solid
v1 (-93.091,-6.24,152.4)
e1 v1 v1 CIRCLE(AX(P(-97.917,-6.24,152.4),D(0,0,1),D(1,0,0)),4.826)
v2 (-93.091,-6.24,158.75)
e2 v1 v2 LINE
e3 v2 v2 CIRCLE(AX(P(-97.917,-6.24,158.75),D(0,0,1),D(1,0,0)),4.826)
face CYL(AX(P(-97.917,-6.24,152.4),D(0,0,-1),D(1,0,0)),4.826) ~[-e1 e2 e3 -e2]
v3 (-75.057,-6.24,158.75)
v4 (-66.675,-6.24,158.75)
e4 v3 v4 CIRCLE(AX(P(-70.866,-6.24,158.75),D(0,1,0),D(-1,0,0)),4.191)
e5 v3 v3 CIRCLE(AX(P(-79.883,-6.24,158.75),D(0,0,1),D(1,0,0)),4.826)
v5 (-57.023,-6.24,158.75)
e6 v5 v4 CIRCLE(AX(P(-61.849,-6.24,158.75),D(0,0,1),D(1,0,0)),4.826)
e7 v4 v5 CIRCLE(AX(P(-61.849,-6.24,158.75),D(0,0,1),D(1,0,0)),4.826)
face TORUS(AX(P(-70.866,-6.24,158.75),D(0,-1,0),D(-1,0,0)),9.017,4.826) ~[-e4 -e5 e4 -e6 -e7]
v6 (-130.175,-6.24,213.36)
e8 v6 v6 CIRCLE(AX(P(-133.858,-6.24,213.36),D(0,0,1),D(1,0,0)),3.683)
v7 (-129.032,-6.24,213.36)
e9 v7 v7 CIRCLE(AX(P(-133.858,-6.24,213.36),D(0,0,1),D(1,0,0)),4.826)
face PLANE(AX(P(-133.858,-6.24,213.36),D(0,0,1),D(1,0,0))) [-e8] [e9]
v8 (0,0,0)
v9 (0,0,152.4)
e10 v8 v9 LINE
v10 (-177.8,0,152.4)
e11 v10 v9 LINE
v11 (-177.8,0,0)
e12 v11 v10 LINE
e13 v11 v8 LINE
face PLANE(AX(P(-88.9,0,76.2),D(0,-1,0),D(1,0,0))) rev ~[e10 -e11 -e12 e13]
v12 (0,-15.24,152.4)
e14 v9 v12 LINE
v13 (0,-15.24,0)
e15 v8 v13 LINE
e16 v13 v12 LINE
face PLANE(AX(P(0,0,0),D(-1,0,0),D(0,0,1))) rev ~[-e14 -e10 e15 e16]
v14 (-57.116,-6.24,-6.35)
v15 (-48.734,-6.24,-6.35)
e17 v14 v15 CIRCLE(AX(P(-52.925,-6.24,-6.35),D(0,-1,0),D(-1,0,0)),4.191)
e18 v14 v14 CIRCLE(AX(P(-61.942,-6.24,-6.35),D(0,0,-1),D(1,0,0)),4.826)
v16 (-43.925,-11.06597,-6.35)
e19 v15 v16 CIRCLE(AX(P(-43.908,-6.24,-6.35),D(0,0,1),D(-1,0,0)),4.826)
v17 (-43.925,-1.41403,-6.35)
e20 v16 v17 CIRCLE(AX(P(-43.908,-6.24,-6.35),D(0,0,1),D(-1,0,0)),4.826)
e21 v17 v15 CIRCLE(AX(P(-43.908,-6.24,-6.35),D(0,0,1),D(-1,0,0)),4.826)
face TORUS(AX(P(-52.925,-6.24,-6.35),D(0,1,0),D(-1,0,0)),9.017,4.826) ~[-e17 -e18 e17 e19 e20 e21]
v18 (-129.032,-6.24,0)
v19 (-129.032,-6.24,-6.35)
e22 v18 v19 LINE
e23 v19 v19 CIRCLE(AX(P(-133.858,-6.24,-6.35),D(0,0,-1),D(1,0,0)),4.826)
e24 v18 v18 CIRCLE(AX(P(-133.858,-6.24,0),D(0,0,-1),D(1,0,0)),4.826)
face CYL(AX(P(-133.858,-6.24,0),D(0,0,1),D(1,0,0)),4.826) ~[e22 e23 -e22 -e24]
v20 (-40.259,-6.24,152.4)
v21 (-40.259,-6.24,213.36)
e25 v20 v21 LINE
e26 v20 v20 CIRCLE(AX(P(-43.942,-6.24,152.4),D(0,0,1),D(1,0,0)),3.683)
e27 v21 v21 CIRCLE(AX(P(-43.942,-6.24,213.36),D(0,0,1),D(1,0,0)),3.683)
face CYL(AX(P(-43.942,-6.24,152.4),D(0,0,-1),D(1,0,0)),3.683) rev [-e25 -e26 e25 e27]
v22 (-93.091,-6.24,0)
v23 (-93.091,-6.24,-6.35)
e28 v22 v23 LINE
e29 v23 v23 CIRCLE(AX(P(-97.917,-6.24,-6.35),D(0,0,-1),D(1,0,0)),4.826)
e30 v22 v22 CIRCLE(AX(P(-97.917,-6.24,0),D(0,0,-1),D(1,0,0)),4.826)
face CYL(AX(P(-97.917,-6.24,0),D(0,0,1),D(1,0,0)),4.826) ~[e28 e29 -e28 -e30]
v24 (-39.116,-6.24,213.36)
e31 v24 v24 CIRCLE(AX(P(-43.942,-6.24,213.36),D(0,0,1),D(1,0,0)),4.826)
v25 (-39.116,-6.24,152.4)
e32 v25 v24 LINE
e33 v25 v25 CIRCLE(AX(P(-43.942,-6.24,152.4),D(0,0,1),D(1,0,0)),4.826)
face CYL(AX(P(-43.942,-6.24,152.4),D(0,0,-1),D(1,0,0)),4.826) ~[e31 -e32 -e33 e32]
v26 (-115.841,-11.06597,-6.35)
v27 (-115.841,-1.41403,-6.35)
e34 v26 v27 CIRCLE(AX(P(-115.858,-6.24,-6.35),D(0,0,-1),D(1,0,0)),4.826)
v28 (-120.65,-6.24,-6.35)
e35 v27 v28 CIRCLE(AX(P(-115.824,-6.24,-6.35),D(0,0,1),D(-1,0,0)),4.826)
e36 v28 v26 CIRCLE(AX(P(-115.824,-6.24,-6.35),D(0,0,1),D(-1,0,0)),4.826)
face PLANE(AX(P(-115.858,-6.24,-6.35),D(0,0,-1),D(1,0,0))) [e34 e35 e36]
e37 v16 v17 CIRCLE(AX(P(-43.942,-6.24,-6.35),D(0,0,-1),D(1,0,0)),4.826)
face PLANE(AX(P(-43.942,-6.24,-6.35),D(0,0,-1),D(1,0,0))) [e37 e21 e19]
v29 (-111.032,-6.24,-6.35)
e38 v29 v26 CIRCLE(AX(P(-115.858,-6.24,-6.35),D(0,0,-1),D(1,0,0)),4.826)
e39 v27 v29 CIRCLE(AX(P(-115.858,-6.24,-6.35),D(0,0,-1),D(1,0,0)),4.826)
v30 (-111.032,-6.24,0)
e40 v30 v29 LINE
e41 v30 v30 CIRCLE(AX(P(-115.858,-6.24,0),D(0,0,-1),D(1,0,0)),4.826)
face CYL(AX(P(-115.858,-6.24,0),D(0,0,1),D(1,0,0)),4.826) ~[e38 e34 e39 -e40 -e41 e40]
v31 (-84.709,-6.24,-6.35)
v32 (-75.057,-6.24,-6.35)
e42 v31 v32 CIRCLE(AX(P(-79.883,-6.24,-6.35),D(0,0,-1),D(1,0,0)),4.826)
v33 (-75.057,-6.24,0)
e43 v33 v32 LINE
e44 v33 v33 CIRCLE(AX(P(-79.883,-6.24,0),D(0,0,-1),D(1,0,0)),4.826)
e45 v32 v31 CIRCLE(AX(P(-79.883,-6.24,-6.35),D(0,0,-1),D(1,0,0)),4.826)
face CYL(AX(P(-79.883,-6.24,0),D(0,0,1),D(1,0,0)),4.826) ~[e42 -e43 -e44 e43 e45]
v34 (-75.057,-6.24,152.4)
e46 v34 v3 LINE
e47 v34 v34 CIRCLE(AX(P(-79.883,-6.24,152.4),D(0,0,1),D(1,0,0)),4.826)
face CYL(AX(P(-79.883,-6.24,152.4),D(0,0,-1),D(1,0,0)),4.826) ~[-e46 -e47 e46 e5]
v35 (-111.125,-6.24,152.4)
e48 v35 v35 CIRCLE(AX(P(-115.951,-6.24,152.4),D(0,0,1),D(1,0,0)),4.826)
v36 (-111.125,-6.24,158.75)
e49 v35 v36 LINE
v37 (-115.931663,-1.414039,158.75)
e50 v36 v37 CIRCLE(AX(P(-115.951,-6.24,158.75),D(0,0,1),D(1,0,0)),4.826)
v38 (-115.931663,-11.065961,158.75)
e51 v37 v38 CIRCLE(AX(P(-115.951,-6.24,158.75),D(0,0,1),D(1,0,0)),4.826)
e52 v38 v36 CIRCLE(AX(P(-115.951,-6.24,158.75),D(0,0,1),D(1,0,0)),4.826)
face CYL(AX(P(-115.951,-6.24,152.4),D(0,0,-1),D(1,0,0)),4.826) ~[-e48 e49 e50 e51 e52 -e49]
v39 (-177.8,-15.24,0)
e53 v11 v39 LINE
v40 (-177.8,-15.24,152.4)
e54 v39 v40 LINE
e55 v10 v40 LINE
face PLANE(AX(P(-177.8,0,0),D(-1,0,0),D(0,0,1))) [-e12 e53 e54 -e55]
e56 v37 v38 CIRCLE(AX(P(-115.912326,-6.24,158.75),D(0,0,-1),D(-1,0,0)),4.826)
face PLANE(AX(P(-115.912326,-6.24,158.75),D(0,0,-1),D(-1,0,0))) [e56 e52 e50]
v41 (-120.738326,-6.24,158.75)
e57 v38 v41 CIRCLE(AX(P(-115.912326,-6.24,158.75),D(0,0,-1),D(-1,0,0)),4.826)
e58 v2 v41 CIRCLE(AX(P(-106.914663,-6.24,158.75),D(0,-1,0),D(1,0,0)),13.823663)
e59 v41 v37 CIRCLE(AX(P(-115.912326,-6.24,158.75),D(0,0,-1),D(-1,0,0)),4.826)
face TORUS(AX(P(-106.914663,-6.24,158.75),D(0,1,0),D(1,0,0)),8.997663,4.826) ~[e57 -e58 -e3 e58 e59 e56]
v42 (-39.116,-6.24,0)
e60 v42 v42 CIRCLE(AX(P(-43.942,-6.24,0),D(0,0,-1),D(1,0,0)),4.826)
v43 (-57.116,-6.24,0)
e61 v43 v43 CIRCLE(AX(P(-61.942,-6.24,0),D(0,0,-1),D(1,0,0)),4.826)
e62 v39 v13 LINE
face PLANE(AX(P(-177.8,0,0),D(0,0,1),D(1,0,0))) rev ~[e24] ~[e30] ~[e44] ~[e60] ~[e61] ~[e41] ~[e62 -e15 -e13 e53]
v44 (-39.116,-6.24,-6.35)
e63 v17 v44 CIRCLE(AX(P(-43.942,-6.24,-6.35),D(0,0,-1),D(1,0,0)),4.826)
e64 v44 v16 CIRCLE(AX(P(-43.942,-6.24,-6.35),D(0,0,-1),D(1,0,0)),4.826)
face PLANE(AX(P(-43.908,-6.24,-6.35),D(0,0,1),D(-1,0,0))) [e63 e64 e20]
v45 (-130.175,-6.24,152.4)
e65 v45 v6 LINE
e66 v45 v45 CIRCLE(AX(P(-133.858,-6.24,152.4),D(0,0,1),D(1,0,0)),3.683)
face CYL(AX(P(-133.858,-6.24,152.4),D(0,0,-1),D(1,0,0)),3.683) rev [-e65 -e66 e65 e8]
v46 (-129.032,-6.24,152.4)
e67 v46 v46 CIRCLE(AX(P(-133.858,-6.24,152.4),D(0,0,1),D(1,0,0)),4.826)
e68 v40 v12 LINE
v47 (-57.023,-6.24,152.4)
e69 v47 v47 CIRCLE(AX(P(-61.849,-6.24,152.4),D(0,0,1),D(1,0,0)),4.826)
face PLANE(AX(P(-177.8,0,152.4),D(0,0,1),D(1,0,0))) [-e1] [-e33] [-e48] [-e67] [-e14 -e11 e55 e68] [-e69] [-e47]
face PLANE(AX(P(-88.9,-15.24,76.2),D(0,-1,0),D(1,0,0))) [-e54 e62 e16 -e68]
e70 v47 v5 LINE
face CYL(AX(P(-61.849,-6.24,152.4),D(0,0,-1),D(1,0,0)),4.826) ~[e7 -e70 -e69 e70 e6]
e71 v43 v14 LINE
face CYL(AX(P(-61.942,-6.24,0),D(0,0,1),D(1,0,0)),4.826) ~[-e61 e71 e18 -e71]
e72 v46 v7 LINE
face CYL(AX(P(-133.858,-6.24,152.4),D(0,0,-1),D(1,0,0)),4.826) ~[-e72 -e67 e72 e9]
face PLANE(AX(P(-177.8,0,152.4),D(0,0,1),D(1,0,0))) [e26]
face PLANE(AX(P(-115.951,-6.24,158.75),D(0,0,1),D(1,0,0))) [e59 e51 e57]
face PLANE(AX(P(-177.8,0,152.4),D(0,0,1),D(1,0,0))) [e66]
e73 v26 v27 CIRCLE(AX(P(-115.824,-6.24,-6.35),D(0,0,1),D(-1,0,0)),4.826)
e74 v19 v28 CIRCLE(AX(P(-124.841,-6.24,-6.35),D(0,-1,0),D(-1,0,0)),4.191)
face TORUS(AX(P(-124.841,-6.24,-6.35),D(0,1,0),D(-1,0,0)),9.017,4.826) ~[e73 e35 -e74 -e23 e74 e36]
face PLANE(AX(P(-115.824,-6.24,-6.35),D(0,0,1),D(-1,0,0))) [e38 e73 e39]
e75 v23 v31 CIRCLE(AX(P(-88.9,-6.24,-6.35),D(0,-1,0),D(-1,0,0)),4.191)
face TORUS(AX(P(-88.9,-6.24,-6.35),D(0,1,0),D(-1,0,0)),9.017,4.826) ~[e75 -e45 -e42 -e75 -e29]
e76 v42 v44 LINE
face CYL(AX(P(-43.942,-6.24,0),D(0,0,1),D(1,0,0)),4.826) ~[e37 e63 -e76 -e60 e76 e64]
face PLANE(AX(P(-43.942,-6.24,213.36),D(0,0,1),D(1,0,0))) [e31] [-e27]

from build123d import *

# Parameters (mm, degrees)
F0_W      = 177.8
F0_H      = 152.4
F1_DEPTH  = 15.24
F2_R      = 4.826
F2_R_2    = 3.683
F3_DEPTH  = 60.96
F4_R      = 4.826
F5_DEPTH  = 6.35
F6_R      = 4.826
F8_ANGLE  = -180
F9_R      = 4.826
F10_ANGLE = 180
F7_R      = 4.826
F11_DEPTH = 6.35
F12_R     = 4.826
F13_ANGLE = 180
F14_R     = 4.826
F15_ANGLE = 180
F16_R     = 4.826
F17_ANGLE = 180


with BuildPart() as f1:
    # F0 (on Front) → F1 (new body)
    with BuildSketch(Plane.XZ):
        with Locations((-88.9, 76.2)):
            Rectangle(F0_W, F0_H)
    extrude(amount=F1_DEPTH)

    # F2 (on face) → F3 (join)
    with BuildSketch(Plane.XY.offset(152.4)):
        with Locations((-133.858, -6.24)):
            Circle(F2_R)
        with Locations((-133.858, -6.24)):
            Circle(F2_R_2, mode=Mode.SUBTRACT)
        with Locations((-43.942, -6.24)):
            Circle(F2_R)
        with Locations((-43.942, -6.24)):
            Circle(F2_R_2, mode=Mode.SUBTRACT)
    extrude(amount=F3_DEPTH)

    # F4 (on face) → F5 (join)
    with BuildSketch(Plane.XY.offset(152.4)):
        with Locations((-97.917, -6.24)):
            Circle(F4_R)
        with Locations((-79.883, -6.24)):
            Circle(F4_R)
        with Locations((-115.951, -6.24)):
            Circle(F4_R)
        with Locations((-61.849, -6.24)):
            Circle(F4_R)
    extrude(amount=F5_DEPTH)

    # F6 (on face) → F8 (revolve)
    with BuildSketch(Plane.XY.offset(158.75)):
        with Locations((-79.883, -6.24)):
            Circle(F6_R)
    revolve(axis=Axis((-70.866, -11.775763, 158.75), (0, -1, 0)), revolution_arc=F8_ANGLE)

    # F9 (on face) → F10 (revolve)
    with BuildSketch(Plane.XY.offset(158.75)):
        with Locations((-97.917, -6.24)):
            Circle(F9_R)
    revolve(axis=Axis((-106.914663, -11.993604, 158.75), (0, -1, 0)), revolution_arc=F10_ANGLE)

    # F7 (on face) → F11 (join)
    with BuildSketch(Plane(origin=(0, 0, 0), x_dir=(1, 0, 0), z_dir=(0, 0, -1))):
        with Locations((-115.858, 6.24)):
            Circle(F7_R)
        with Locations((-61.942, 6.24)):
            Circle(F7_R)
        with Locations((-133.858, 6.24)):
            Circle(F7_R)
        with Locations((-43.942, 6.24)):
            Circle(F7_R)
        with Locations((-97.917, 6.24)):
            Circle(F7_R)
        with Locations((-79.883, 6.24)):
            Circle(F7_R)
    extrude(amount=F11_DEPTH)

    # F12 (on face) → F13 (revolve)
    with BuildSketch(Plane(origin=(0, 0, -6.35), x_dir=(1, 0, 0), z_dir=(0, 0, -1))):
        with Locations((-133.858, 6.24)):
            Circle(F12_R)
    revolve(axis=Axis((-124.841, -11.775763, -6.35), (0, -1, 0)), revolution_arc=F13_ANGLE)

    # F14 (on face) → F15 (revolve)
    with BuildSketch(Plane(origin=(0, 0, -6.35), x_dir=(1, 0, 0), z_dir=(0, 0, -1))):
        with Locations((-97.917, 6.24)):
            Circle(F14_R)
    revolve(axis=Axis((-88.9, -11.557921, -6.35), (0, -1, 0)), revolution_arc=F15_ANGLE)

    # F16 (on face) → F17 (revolve)
    with BuildSketch(Plane(origin=(0, 0, -6.35), x_dir=(1, 0, 0), z_dir=(0, 0, -1))):
        with Locations((-61.942, 6.24)):
            Circle(F16_R)
    revolve(axis=Axis((-52.925, -11.39454, -6.35), (0, -1, 0)), revolution_arc=F17_ANGLE)


solid = f1.part
